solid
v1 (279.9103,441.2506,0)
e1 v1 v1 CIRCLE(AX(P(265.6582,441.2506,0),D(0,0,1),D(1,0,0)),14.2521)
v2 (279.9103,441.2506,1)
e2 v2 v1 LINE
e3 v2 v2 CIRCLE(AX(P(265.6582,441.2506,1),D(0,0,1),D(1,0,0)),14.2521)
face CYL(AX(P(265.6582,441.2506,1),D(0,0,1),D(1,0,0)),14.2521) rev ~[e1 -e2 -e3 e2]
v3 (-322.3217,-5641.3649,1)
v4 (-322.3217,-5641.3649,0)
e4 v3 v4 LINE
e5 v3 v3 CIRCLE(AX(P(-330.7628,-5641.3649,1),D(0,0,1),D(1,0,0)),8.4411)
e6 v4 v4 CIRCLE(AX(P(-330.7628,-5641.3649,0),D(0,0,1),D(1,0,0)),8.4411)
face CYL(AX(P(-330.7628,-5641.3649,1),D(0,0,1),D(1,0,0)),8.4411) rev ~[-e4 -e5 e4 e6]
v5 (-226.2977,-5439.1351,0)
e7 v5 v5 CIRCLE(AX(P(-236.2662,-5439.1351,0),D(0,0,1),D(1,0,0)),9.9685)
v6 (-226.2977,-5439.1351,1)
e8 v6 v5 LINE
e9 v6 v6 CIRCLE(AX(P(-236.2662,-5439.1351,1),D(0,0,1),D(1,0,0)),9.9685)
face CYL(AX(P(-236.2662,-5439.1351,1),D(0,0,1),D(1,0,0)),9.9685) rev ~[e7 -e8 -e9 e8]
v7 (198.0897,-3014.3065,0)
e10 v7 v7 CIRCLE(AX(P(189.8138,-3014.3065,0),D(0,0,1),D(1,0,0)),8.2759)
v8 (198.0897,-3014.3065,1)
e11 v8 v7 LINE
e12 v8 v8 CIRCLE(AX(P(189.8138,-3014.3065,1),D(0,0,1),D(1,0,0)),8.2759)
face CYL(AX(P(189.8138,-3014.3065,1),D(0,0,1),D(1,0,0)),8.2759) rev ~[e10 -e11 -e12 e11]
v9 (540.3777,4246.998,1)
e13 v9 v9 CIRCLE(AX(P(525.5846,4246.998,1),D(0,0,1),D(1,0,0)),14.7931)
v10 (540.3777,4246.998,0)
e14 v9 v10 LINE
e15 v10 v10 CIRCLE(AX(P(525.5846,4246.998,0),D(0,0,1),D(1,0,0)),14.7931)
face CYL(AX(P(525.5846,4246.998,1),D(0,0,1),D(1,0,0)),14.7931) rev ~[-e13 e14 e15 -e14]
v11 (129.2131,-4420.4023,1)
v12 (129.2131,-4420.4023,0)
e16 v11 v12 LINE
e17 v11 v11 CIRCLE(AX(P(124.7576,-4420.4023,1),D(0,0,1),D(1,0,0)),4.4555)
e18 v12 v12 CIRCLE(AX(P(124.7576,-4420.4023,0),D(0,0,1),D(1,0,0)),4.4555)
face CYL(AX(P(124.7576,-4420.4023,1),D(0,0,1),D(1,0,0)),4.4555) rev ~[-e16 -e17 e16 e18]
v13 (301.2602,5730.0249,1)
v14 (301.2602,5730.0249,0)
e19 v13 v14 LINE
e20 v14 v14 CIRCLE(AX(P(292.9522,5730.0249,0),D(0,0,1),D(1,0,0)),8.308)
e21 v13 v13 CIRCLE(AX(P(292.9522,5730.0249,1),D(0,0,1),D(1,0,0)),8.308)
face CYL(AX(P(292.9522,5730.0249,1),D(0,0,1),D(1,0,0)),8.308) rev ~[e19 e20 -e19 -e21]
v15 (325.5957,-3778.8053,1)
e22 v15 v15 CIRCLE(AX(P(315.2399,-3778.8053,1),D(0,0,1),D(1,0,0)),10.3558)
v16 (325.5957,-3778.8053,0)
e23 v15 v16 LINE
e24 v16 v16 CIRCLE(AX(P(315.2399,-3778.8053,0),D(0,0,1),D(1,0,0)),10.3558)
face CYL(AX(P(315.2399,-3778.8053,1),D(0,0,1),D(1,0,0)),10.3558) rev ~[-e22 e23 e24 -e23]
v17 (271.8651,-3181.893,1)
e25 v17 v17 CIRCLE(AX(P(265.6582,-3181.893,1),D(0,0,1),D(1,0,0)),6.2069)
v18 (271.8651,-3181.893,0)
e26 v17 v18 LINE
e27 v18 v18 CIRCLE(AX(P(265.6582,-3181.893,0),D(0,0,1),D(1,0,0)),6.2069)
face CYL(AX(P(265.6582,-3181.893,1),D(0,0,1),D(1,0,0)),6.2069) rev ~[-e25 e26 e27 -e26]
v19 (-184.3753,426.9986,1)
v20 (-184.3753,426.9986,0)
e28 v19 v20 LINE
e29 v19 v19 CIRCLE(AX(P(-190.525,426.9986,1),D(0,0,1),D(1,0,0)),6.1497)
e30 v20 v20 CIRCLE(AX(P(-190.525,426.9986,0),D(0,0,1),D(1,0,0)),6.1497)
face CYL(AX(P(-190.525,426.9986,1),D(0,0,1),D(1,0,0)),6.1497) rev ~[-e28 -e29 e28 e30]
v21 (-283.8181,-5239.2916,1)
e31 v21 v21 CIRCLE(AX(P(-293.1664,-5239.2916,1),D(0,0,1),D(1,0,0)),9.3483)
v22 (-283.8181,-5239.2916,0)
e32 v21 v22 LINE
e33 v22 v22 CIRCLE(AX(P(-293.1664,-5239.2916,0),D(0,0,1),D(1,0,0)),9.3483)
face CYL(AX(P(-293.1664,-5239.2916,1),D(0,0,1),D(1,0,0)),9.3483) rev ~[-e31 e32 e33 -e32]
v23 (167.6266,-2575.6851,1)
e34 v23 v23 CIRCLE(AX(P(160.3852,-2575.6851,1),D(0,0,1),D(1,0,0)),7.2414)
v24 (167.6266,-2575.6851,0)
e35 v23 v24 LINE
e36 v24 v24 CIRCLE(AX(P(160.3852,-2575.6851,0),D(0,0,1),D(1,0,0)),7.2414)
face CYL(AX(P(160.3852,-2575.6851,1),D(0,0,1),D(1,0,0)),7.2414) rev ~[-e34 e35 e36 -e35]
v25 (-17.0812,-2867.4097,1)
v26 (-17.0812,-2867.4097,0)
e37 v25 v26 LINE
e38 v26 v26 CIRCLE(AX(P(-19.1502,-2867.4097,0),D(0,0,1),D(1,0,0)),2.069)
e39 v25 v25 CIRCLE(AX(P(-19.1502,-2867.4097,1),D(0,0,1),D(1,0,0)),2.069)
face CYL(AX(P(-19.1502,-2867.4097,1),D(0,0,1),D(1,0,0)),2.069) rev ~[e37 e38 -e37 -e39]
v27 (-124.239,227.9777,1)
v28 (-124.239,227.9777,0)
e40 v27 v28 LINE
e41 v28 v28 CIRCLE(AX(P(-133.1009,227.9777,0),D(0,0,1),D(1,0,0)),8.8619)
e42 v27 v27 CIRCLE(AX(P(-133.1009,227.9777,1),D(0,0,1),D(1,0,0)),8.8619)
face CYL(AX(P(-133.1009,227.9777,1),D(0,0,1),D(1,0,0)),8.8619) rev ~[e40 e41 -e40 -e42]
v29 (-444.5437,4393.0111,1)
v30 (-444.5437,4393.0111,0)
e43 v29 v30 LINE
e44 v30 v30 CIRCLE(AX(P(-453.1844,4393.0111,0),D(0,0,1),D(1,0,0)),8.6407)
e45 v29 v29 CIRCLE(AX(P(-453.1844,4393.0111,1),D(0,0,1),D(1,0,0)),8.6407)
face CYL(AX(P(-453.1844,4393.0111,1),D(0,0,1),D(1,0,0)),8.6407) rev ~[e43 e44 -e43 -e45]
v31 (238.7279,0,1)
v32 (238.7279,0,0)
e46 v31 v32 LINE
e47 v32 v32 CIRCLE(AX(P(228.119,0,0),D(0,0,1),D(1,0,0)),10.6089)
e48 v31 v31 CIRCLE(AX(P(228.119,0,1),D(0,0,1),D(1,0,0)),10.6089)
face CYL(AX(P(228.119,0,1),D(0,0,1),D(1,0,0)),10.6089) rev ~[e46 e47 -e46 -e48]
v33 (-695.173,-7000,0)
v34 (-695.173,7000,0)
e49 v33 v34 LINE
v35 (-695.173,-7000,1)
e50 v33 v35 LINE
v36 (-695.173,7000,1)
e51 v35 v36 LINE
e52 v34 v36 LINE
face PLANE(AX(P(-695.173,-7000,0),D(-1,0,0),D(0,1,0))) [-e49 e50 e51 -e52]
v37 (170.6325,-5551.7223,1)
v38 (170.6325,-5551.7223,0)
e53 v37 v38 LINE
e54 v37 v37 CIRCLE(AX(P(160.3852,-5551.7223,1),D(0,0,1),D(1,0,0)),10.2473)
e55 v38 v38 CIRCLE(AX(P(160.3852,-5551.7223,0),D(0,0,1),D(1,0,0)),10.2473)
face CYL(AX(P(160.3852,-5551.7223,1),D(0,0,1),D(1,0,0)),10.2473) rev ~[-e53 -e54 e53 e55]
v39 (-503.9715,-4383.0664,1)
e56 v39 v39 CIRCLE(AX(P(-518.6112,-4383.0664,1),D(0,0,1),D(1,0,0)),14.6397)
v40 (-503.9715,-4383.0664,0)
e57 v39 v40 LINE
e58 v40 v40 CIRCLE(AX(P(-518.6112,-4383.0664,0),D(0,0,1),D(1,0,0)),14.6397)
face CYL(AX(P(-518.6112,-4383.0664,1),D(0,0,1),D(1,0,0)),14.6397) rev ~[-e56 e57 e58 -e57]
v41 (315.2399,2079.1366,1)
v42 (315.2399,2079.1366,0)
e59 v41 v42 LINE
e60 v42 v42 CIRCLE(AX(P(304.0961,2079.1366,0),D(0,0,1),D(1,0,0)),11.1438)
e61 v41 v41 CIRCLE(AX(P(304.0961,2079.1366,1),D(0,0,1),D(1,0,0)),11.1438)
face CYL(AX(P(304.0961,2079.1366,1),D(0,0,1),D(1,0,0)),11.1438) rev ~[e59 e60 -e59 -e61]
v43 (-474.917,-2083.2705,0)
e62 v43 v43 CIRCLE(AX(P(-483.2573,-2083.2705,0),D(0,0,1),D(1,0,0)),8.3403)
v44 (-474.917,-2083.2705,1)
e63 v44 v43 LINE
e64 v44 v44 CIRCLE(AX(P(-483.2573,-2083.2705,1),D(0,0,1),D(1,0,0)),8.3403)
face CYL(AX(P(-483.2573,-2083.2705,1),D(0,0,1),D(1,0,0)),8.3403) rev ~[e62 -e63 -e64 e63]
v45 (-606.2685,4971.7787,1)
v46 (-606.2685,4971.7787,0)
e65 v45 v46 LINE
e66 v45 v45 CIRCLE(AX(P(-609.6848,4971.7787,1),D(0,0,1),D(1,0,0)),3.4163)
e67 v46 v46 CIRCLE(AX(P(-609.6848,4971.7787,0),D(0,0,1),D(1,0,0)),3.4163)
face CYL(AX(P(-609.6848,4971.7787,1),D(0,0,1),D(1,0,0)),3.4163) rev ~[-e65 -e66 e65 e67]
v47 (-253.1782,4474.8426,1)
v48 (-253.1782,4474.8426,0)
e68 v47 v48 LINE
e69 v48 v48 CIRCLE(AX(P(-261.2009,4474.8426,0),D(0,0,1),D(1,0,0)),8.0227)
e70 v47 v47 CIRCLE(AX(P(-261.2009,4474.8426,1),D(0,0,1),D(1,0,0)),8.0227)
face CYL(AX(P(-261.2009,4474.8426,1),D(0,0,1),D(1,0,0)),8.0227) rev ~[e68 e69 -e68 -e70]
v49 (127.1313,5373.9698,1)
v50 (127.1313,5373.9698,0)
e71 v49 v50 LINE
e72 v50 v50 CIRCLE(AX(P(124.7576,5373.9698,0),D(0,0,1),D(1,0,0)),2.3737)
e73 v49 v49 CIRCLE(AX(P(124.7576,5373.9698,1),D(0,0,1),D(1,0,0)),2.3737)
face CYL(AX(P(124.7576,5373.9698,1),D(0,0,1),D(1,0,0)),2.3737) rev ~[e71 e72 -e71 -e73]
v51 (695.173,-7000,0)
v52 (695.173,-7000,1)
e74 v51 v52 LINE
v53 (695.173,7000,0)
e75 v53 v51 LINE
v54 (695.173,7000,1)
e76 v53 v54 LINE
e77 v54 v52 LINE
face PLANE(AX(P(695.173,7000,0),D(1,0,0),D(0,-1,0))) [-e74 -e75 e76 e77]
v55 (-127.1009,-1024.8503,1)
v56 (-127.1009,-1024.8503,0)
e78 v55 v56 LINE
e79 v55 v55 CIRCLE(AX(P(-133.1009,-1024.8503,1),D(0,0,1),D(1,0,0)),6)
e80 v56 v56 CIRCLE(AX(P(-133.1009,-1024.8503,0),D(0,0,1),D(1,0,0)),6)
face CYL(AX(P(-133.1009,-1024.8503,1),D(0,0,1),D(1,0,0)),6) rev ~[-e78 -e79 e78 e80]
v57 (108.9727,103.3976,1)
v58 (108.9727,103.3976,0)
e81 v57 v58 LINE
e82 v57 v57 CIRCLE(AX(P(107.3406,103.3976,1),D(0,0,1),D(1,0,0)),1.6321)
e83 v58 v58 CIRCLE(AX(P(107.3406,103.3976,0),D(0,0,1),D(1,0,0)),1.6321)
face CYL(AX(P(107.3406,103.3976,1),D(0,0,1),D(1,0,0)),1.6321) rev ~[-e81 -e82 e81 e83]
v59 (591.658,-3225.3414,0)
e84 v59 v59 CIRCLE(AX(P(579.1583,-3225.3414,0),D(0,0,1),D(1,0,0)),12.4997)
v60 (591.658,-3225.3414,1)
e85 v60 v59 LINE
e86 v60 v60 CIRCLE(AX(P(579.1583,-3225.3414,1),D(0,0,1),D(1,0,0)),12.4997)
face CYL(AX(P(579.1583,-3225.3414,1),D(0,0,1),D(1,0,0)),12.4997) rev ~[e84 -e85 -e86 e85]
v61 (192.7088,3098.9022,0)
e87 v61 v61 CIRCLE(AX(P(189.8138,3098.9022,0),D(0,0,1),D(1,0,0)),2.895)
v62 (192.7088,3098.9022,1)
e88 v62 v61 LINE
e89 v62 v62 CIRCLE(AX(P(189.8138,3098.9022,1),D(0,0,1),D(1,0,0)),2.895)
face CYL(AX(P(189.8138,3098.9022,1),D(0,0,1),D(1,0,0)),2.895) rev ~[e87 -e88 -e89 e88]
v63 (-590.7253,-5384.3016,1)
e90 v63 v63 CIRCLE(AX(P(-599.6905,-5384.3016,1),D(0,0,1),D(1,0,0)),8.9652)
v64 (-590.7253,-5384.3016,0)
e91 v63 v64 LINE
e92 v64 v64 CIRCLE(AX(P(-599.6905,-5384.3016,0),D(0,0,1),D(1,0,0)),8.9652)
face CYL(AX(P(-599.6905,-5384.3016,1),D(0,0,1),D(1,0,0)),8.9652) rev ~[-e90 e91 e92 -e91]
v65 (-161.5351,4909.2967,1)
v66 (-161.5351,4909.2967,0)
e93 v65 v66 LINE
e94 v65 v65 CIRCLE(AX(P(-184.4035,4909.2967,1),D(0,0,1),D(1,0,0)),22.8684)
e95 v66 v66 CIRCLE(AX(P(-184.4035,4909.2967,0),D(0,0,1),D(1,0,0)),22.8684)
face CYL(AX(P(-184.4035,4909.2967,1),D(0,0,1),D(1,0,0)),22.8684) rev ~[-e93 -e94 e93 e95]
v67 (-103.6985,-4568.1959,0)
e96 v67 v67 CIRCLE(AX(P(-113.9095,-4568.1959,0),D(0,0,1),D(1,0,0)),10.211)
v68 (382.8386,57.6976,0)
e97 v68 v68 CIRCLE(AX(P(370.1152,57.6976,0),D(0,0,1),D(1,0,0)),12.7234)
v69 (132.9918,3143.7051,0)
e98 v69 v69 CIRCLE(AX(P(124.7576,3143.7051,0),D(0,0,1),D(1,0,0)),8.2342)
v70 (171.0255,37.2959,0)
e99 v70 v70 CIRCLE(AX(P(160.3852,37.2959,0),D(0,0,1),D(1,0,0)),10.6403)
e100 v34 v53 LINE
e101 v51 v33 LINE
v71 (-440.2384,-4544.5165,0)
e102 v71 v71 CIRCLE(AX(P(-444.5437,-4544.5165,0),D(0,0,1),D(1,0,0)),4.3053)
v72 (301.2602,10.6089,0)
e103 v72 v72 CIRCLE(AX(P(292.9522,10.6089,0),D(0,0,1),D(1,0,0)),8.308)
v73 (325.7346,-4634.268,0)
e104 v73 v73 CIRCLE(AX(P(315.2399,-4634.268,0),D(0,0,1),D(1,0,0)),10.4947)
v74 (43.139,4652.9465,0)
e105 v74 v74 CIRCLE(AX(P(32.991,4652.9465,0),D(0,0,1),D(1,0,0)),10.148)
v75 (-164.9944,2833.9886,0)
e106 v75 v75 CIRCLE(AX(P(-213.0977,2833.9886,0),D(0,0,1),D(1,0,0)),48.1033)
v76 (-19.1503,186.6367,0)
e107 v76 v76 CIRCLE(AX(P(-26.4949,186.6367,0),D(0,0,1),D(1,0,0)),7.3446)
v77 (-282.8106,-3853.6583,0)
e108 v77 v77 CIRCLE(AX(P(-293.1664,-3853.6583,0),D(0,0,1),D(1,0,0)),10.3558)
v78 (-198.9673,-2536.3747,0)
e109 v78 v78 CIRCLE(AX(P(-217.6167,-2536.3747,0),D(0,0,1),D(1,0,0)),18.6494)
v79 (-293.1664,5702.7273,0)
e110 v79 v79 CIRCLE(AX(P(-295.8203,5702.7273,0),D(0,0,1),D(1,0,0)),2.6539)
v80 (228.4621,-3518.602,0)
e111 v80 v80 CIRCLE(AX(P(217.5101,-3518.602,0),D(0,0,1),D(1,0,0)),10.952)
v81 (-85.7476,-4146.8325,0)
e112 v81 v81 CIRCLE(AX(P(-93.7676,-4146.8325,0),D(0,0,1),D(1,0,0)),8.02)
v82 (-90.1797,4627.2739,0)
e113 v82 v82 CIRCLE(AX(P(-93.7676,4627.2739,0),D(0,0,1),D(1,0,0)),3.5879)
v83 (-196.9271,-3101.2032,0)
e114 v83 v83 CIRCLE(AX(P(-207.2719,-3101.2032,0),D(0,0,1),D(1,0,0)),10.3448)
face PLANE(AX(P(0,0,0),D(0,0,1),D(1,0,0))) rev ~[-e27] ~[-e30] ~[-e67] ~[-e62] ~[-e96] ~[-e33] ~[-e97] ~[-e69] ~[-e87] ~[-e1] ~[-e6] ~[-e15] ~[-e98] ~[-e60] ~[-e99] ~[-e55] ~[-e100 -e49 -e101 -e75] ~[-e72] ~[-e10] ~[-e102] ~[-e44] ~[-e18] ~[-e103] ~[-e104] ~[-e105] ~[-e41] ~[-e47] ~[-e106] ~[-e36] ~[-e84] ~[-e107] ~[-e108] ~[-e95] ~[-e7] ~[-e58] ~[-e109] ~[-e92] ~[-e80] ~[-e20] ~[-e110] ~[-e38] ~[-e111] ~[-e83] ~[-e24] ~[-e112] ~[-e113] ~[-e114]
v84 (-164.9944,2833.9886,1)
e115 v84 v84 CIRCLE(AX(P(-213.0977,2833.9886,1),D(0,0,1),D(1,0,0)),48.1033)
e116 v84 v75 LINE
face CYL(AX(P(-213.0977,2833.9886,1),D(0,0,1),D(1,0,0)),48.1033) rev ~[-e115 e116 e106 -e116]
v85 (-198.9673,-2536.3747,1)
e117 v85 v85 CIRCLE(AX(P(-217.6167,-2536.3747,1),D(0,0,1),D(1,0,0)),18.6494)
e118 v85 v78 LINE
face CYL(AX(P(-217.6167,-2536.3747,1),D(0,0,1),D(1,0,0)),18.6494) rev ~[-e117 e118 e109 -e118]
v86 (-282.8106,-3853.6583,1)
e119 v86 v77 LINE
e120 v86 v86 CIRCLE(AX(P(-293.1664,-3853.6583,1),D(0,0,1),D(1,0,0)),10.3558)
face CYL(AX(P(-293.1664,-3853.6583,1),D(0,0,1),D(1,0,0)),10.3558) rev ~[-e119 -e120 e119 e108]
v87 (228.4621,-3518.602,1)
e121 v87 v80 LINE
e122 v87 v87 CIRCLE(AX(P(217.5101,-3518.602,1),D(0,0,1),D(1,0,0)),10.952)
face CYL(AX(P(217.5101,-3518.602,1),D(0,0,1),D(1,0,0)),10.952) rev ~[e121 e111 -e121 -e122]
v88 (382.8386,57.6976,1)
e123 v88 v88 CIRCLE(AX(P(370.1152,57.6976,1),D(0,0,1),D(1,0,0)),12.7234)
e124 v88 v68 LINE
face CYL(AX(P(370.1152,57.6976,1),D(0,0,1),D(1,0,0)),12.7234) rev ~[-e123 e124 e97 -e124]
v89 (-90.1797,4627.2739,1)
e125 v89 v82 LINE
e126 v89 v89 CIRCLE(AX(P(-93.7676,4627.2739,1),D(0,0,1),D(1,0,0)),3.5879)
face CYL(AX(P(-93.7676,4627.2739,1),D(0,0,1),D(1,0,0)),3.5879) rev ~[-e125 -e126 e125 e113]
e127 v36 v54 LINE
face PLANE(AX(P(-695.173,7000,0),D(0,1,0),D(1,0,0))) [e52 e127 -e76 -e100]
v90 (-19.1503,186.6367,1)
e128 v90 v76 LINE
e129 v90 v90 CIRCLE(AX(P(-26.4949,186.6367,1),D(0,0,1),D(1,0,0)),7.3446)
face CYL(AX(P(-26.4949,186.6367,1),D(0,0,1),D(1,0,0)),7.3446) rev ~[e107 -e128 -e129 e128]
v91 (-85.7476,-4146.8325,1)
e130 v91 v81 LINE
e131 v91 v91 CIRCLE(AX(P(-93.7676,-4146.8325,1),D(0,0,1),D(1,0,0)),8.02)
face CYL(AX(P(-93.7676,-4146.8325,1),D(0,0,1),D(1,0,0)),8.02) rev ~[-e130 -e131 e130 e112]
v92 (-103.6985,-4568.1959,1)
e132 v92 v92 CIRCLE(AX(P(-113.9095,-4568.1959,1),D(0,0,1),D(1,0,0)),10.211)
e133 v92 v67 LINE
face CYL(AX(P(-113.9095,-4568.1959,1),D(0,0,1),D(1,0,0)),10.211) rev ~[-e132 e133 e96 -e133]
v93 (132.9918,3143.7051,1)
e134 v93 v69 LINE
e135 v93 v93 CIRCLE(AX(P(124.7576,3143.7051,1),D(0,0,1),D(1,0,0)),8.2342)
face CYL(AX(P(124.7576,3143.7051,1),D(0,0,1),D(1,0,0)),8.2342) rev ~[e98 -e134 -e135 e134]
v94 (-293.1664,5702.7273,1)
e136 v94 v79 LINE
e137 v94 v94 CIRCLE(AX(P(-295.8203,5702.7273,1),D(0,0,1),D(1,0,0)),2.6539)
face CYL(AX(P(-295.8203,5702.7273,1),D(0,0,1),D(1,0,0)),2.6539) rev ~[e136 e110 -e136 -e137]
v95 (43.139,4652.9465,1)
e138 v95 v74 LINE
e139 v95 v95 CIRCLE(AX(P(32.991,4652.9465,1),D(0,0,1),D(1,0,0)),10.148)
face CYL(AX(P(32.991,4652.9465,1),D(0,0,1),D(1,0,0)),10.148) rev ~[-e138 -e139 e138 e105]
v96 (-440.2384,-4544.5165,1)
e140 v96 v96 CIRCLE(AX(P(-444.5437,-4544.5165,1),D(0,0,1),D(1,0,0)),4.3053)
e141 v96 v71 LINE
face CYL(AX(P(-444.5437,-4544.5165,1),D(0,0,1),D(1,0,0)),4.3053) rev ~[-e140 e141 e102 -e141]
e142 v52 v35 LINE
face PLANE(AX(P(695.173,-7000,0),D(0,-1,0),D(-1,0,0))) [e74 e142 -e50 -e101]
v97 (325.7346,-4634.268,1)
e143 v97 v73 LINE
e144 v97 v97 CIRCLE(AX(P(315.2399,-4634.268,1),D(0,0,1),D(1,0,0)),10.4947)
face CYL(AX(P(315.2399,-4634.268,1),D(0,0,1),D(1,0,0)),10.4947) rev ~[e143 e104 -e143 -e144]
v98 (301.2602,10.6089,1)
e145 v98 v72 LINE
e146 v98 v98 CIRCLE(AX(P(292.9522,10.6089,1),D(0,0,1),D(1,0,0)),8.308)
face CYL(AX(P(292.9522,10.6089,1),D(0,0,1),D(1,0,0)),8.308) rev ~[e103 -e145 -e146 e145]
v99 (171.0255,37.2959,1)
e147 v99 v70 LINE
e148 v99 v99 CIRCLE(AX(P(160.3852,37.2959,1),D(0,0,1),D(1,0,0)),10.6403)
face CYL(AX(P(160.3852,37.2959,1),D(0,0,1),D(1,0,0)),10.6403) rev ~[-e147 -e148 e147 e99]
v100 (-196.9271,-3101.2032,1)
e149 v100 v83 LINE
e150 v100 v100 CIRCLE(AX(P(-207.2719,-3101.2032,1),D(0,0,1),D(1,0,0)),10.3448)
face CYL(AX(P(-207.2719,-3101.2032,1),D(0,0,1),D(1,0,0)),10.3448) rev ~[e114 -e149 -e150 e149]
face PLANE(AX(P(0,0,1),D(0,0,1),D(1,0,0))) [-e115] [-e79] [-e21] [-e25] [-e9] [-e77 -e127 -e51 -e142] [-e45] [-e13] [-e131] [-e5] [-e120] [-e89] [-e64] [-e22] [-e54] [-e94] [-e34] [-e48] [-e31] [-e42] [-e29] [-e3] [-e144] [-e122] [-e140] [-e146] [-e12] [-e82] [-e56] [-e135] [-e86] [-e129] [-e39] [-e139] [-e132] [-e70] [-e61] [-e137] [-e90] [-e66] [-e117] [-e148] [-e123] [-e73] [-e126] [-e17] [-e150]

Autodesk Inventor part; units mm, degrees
ref_plane "YZ Plane" through (0, 0, 0) normal (1, 0, 0) x (0, 1, 0)
ref_plane "XZ Plane" through (0, 0, 0) normal (0, 1, 0) x (-1, 0, 0)
ref_plane "XY Plane" through (0, 0, 0) normal (0, 0, 1) x (1, 0, 0)
sketch "Sketch1" plane through (0, 0, 0) normal (0, 0, 1) x (1, 0, 0)
  line L0 (-695.173, 7000) -> (695.173, 7000)
  line L1 (695.173, 7000) -> (695.173, -7000)
  line L2 (695.173, -7000) -> (-695.173, -7000)
  line L3 (-695.173, -7000) -> (-695.173, 7000)
  line L4 (-695.173, 7000) -> (695.173, -7000) construction
  line L5 (695.173, 7000) -> (-695.173, -7000) construction
  point P0 (0, 0)
  dimension "d0" = 1390.346
  dimension "d1" = 14000
extrude "Extrusion1" add sketch "Sketch1" along normal blind 1
sketch "Sketch2" plane through (0, 0, 1) normal (0, 0, 1) x (1, 0, 0)
  circle A0 centre (304.0961, 2079.1366) radius 11.1438
  circle A1 centre (-213.0977, 2833.9886) radius 48.1033
  circle A2 centre (189.8138, 3098.9022) radius 2.895
  circle A3 centre (124.7576, 3143.7051) radius 8.2342
  circle A4 centre (-184.4035, 4909.2967) radius 22.8684
  circle A5 centre (-609.6848, 4971.7787) radius 3.4163
  circle A6 centre (-295.8203, 5702.7273) radius 2.6539
  circle A7 centre (292.9522, 5730.0249) radius 8.308
  circle A8 centre (124.7576, 5373.9698) radius 2.3737
  circle A9 centre (525.5846, 4246.998) radius 14.7931
  circle A10 centre (-453.1844, 4393.0111) radius 8.6407
  circle A11 centre (-261.2009, 4474.8426) radius 8.0227
  circle A12 centre (-93.7676, 4627.2739) radius 3.5879
  circle A13 centre (32.991, 4652.9465) radius 10.148
  circle A14 centre (-133.1009, 227.9777) radius 8.8619
  circle A15 centre (-26.4949, 186.6367) radius 7.3446
  circle A16 centre (107.3406, 103.3976) radius 1.6321
  circle A17 centre (160.3852, 37.2959) radius 10.6403
  circle A18 centre (228.119, 0) radius 10.6089
  circle A19 centre (292.9522, 10.6089) radius 8.308
  circle A20 centre (370.1152, 57.6976) radius 12.7234
  circle A21 centre (265.6582, 441.2506) radius 14.2521
  circle A22 centre (-190.525, 426.9986) radius 6.1497
  circle A23 centre (-133.1009, -1024.8503) radius 6
  circle A24 centre (579.1583, -3225.3414) radius 12.4997
  circle A25 centre (265.6582, -3181.893) radius 6.2069
  circle A26 centre (-207.2719, -3101.2032) radius 10.3448
  circle A27 centre (-19.1502, -2867.4097) radius 2.069
  circle A28 centre (189.8138, -3014.3065) radius 8.2759
  circle A29 centre (160.3852, -2575.6851) radius 7.2414
  circle A30 centre (-217.6167, -2536.3747) radius 18.6494
  circle A31 centre (-483.2573, -2083.2705) radius 8.3403
  circle A32 centre (-236.2662, -5439.1351) radius 9.9685
  circle A33 centre (-293.1664, -5239.2916) radius 9.3483
  circle A34 centre (-599.6905, -5384.3016) radius 8.9652
  circle A35 centre (-330.7628, -5641.3649) radius 8.4411
  circle A36 centre (160.3852, -5551.7223) radius 10.2473
  circle A37 centre (315.2399, -4634.268) radius 10.4947
  circle A38 centre (124.7576, -4420.4023) radius 4.4555
  circle A39 centre (-93.7676, -4146.8325) radius 8.02
  circle A40 centre (-293.1664, -3853.6583) radius 10.3558
  circle A41 centre (315.2399, -3778.8053) radius 10.3558
  circle A42 centre (217.5101, -3518.602) radius 10.952
  circle A43 centre (-113.9095, -4568.1959) radius 10.211
  circle A44 centre (-444.5437, -4544.5165) radius 4.3053
  circle A45 centre (-518.6112, -4383.0664) radius 14.6397
  point P0 (0, 0)
  dimension "d4" = 12
extrude "Extrusion2" cut sketch "Sketch2" against normal through all
properties part number "DarkSkyPanel"
